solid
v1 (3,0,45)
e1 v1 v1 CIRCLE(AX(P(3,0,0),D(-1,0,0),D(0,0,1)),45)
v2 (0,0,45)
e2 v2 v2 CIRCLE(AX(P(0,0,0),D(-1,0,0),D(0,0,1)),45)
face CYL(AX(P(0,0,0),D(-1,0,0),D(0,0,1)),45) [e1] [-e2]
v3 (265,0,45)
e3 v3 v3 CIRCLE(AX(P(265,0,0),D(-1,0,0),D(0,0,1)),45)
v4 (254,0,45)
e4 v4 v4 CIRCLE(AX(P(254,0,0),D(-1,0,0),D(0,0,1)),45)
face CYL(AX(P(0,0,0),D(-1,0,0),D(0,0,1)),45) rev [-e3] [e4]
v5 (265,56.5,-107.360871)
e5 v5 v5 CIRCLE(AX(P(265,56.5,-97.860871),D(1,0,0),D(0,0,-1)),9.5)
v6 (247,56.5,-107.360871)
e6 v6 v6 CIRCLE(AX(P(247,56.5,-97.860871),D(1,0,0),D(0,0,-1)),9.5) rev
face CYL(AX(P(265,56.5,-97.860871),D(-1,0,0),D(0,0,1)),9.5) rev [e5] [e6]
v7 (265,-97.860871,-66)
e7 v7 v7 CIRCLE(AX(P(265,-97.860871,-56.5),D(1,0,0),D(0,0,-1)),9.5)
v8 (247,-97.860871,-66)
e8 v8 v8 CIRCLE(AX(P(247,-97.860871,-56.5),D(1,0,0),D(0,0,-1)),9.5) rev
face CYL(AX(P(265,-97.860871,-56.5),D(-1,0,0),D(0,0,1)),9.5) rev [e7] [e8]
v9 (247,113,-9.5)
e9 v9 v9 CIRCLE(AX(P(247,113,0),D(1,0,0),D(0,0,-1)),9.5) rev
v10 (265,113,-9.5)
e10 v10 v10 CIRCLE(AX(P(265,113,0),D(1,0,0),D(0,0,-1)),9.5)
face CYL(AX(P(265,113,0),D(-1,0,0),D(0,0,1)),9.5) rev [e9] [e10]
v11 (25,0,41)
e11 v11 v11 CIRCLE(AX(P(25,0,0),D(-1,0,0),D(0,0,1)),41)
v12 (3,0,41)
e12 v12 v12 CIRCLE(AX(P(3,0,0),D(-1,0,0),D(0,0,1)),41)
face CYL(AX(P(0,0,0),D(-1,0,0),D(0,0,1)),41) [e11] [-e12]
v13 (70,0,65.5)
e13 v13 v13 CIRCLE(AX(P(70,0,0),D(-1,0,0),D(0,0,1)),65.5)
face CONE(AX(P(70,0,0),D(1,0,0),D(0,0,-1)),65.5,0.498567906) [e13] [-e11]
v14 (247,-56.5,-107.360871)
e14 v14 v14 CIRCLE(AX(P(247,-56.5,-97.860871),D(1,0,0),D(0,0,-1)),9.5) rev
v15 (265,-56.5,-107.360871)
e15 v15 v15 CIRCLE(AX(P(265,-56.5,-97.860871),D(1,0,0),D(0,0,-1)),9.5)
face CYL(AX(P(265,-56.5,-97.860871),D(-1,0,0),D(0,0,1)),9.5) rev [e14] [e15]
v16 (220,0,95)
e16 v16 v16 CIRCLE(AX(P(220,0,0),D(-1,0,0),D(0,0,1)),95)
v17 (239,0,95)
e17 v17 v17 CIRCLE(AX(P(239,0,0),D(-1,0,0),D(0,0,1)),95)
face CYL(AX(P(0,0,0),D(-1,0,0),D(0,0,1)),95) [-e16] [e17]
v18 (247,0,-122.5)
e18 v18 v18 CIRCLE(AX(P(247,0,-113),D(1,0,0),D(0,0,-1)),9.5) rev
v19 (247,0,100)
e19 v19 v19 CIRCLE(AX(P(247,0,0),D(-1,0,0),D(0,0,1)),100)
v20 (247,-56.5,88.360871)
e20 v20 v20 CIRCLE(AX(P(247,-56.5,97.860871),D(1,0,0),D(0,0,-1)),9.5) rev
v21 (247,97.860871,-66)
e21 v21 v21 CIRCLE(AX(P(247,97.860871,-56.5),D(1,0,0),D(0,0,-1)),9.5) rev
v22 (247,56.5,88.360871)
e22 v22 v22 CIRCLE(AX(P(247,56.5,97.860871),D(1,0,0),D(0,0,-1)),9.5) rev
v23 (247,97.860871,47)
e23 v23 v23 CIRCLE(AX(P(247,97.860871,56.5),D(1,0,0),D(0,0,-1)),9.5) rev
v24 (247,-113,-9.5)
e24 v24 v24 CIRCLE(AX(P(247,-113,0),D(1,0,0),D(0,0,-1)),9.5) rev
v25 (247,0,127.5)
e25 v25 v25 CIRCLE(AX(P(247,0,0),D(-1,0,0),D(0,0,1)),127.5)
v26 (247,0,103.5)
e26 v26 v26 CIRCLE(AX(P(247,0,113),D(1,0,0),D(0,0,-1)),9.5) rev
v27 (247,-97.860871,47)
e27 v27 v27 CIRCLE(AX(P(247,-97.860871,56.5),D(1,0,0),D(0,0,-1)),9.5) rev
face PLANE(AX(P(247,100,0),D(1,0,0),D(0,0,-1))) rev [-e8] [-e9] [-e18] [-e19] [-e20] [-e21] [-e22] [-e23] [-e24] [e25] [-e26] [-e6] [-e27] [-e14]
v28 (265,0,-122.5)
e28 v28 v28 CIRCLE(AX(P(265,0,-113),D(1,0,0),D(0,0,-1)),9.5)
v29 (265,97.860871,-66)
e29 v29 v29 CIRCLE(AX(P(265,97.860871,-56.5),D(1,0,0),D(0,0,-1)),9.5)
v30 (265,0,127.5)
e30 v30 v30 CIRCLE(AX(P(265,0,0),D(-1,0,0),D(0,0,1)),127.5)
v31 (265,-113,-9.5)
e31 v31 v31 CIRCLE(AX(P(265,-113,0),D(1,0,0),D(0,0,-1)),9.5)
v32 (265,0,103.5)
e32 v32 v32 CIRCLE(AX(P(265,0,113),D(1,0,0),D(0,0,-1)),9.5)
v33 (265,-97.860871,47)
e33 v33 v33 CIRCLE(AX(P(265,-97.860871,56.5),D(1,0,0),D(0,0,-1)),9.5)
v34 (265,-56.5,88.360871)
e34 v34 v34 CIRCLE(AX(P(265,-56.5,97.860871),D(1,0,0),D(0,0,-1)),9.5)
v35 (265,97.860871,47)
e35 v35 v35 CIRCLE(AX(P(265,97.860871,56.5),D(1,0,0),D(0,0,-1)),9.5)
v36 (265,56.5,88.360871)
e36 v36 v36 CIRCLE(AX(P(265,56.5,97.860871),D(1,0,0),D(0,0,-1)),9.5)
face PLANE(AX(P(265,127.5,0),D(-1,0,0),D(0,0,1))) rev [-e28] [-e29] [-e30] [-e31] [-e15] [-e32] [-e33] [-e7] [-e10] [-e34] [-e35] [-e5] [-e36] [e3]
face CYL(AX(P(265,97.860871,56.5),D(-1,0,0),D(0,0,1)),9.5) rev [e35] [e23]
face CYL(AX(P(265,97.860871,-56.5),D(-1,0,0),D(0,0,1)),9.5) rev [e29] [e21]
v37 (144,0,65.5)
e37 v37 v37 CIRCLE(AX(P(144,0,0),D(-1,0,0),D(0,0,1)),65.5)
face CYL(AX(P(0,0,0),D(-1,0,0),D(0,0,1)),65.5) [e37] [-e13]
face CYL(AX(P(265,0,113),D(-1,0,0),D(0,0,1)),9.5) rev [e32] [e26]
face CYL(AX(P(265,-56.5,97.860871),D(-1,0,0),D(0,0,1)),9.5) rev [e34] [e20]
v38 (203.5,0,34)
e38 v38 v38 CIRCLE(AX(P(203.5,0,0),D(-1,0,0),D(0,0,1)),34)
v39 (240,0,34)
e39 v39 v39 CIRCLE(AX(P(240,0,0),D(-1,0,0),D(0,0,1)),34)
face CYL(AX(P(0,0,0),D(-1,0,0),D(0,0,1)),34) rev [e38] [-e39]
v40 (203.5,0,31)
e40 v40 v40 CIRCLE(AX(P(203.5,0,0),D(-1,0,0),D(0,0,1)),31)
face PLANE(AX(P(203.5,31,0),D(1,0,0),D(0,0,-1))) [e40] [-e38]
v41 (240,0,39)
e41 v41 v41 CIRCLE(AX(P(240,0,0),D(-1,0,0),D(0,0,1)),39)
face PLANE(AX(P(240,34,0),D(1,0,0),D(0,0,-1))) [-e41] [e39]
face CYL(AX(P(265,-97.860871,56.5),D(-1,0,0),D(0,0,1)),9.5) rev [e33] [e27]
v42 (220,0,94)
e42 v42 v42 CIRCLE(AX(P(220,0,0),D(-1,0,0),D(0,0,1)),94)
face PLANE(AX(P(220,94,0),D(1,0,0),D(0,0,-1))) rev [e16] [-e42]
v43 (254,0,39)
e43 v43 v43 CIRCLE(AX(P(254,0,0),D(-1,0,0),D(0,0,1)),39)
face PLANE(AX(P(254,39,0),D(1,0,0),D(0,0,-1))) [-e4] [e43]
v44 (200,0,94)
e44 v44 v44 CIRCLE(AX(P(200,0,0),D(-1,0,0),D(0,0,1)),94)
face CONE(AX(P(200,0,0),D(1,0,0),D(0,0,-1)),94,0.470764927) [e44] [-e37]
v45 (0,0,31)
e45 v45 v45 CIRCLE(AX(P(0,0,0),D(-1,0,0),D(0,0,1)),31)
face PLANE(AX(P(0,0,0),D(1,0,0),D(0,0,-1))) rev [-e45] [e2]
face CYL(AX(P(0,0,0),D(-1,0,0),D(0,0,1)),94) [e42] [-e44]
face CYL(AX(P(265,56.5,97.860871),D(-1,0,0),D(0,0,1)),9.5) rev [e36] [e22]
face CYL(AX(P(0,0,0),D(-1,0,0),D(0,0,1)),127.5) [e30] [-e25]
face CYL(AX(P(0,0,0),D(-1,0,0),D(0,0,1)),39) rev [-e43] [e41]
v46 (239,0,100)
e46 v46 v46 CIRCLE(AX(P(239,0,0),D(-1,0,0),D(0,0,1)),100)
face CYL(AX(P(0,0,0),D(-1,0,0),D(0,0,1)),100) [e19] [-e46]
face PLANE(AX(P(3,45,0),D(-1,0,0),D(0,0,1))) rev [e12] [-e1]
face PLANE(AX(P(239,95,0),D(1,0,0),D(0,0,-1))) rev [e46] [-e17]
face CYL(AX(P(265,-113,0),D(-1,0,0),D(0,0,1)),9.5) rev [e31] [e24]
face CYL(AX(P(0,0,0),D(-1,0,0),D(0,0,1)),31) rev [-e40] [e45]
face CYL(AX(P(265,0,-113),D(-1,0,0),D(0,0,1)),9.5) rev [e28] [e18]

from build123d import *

# Parameters (mm, degrees)
SKETCH_3_R           = 9.5
CUT_EXTRUDE_1_DEPTH  = 321.526909947
SKETCH_4_R           = 9.5
CUT_EXTRUDE_2_DEPTH  = 321.526909947
SKETCH_5_R           = 9.5
CUT_EXTRUDE_3_DEPTH  = 321.526909947
SKETCH_6_R           = 9.5
CUT_EXTRUDE_4_DEPTH  = 321.526909947
SKETCH_7_R           = 9.5
CUT_EXTRUDE_5_DEPTH  = 321.526909947
SKETCH_8_R           = 9.5
CUT_EXTRUDE_6_DEPTH  = 321.526909947
SKETCH_9_R           = 9.5
CUT_EXTRUDE_7_DEPTH  = 321.526909947
SKETCH_10_R          = 9.5
CUT_EXTRUDE_8_DEPTH  = 321.526909947
SKETCH_11_R          = 9.5
CUT_EXTRUDE_9_DEPTH  = 321.526909947
SKETCH_12_R          = 9.5
CUT_EXTRUDE_10_DEPTH = 321.526909947
SKETCH_13_R          = 9.5
CUT_EXTRUDE_11_DEPTH = 321.526909947
SKETCH_14_R          = 9.5
CUT_EXTRUDE_12_DEPTH = 321.526909947


with BuildPart() as part:
    # Эскиз1 → Повернуть1 (revolve)
    with BuildSketch(Plane.XY, mode=Mode.PRIVATE) as revolve_1_sk:
        Polygon((0, 0), (265, 0), (265, 127.5), (247, 127.5), (247, 100), (239, 100), (239, 95), (220, 95), (220, 94), (200, 94), (144, 65.5), (70, 65.5), (25, 41), (3, 41), (3, 45), (0, 45), align=None)
    revolve(revolve_1_sk.sketch.rotate(Axis((0, 0, 0), (1, 0, 0)), 90), axis=Axis((0, 0, 0), (1, 0, 0)))

    # Эскиз2 → Вырез-Повернуть1 (revolve, cut)
    with BuildSketch(Plane.XY, mode=Mode.PRIVATE) as cut_revolve_1_sk:
        Polygon((0, 0), (265, 0), (265, 45), (254, 45), (254, 39), (240, 39), (240, 34), (203.5, 34), (203.5, 31), (0, 31), align=None)
    revolve(cut_revolve_1_sk.sketch.rotate(Axis((0, 0, 0), (1, 0, 0)), 90), axis=Axis((0, 0, 0), (1, 0, 0)), mode=Mode.SUBTRACT)

    # Эскиз3 → Вырез-Вытянуть1 (cut, through all)
    with BuildSketch(Plane(origin=(0, 0, 0), x_dir=(0, 0, -1), z_dir=(1, 0, 0))):
        with Locations((0, 113)):
            Circle(SKETCH_3_R)
    extrude(amount=CUT_EXTRUDE_1_DEPTH, mode=Mode.SUBTRACT)

    # Эскиз4 → Вырез-Вытянуть2 (cut, through all)
    with BuildSketch(Plane(origin=(0, 0, 0), x_dir=(0, 0, -1), z_dir=(1, 0, 0))):
        with Locations((-56.5, 97.860870628)):
            Circle(SKETCH_4_R)
    extrude(amount=CUT_EXTRUDE_2_DEPTH, mode=Mode.SUBTRACT)

    # Эскиз5 → Вырез-Вытянуть3 (cut, through all)
    with BuildSketch(Plane(origin=(0, 0, 0), x_dir=(0, 0, -1), z_dir=(1, 0, 0))):
        with Locations((-97.860870628, 56.5)):
            Circle(SKETCH_5_R)
    extrude(amount=CUT_EXTRUDE_3_DEPTH, mode=Mode.SUBTRACT)

    # Эскиз6 → Вырез-Вытянуть4 (cut, through all)
    with BuildSketch(Plane(origin=(0, 0, 0), x_dir=(0, 0, -1), z_dir=(1, 0, 0))):
        with Locations((-113, 0)):
            Circle(SKETCH_6_R)
    extrude(amount=CUT_EXTRUDE_4_DEPTH, mode=Mode.SUBTRACT)

    # Эскиз7 → Вырез-Вытянуть5 (cut, through all)
    with BuildSketch(Plane(origin=(0, 0, 0), x_dir=(0, 0, -1), z_dir=(1, 0, 0))):
        with Locations((-97.860870628, -56.5)):
            Circle(SKETCH_7_R)
    extrude(amount=CUT_EXTRUDE_5_DEPTH, mode=Mode.SUBTRACT)

    # Эскиз8 → Вырез-Вытянуть6 (cut, through all)
    with BuildSketch(Plane(origin=(0, 0, 0), x_dir=(0, 0, -1), z_dir=(1, 0, 0))):
        with Locations((-56.5, -97.860870628)):
            Circle(SKETCH_8_R)
    extrude(amount=CUT_EXTRUDE_6_DEPTH, mode=Mode.SUBTRACT)

    # Эскиз9 → Вырез-Вытянуть7 (cut, through all)
    with BuildSketch(Plane(origin=(0, 0, 0), x_dir=(0, 0, -1), z_dir=(1, 0, 0))):
        with Locations((0, -113)):
            Circle(SKETCH_9_R)
    extrude(amount=CUT_EXTRUDE_7_DEPTH, mode=Mode.SUBTRACT)

    # Эскиз10 → Вырез-Вытянуть8 (cut, through all)
    with BuildSketch(Plane(origin=(0, 0, 0), x_dir=(0, 0, -1), z_dir=(1, 0, 0))):
        with Locations((56.5, -97.860870628)):
            Circle(SKETCH_10_R)
    extrude(amount=CUT_EXTRUDE_8_DEPTH, mode=Mode.SUBTRACT)

    # Эскиз11 → Вырез-Вытянуть9 (cut, through all)
    with BuildSketch(Plane(origin=(0, 0, 0), x_dir=(0, 0, -1), z_dir=(1, 0, 0))):
        with Locations((97.860870628, -56.5)):
            Circle(SKETCH_11_R)
    extrude(amount=CUT_EXTRUDE_9_DEPTH, mode=Mode.SUBTRACT)

    # Эскиз12 → Вырез-Вытянуть10 (cut, through all)
    with BuildSketch(Plane(origin=(0, 0, 0), x_dir=(0, 0, -1), z_dir=(1, 0, 0))):
        with Locations((113, 0)):
            Circle(SKETCH_12_R)
    extrude(amount=CUT_EXTRUDE_10_DEPTH, mode=Mode.SUBTRACT)

    # Эскиз13 → Вырез-Вытянуть11 (cut, through all)
    with BuildSketch(Plane(origin=(0, 0, 0), x_dir=(0, 0, -1), z_dir=(1, 0, 0))):
        with Locations((97.860870628, 56.5)):
            Circle(SKETCH_13_R)
    extrude(amount=CUT_EXTRUDE_11_DEPTH, mode=Mode.SUBTRACT)

    # Эскиз14 → Вырез-Вытянуть12 (cut, through all)
    with BuildSketch(Plane(origin=(0, 0, 0), x_dir=(0, 0, -1), z_dir=(1, 0, 0))):
        with Locations((56.5, 97.860870628)):
            Circle(SKETCH_14_R)
    extrude(amount=CUT_EXTRUDE_12_DEPTH, mode=Mode.SUBTRACT)


solid = part.part
